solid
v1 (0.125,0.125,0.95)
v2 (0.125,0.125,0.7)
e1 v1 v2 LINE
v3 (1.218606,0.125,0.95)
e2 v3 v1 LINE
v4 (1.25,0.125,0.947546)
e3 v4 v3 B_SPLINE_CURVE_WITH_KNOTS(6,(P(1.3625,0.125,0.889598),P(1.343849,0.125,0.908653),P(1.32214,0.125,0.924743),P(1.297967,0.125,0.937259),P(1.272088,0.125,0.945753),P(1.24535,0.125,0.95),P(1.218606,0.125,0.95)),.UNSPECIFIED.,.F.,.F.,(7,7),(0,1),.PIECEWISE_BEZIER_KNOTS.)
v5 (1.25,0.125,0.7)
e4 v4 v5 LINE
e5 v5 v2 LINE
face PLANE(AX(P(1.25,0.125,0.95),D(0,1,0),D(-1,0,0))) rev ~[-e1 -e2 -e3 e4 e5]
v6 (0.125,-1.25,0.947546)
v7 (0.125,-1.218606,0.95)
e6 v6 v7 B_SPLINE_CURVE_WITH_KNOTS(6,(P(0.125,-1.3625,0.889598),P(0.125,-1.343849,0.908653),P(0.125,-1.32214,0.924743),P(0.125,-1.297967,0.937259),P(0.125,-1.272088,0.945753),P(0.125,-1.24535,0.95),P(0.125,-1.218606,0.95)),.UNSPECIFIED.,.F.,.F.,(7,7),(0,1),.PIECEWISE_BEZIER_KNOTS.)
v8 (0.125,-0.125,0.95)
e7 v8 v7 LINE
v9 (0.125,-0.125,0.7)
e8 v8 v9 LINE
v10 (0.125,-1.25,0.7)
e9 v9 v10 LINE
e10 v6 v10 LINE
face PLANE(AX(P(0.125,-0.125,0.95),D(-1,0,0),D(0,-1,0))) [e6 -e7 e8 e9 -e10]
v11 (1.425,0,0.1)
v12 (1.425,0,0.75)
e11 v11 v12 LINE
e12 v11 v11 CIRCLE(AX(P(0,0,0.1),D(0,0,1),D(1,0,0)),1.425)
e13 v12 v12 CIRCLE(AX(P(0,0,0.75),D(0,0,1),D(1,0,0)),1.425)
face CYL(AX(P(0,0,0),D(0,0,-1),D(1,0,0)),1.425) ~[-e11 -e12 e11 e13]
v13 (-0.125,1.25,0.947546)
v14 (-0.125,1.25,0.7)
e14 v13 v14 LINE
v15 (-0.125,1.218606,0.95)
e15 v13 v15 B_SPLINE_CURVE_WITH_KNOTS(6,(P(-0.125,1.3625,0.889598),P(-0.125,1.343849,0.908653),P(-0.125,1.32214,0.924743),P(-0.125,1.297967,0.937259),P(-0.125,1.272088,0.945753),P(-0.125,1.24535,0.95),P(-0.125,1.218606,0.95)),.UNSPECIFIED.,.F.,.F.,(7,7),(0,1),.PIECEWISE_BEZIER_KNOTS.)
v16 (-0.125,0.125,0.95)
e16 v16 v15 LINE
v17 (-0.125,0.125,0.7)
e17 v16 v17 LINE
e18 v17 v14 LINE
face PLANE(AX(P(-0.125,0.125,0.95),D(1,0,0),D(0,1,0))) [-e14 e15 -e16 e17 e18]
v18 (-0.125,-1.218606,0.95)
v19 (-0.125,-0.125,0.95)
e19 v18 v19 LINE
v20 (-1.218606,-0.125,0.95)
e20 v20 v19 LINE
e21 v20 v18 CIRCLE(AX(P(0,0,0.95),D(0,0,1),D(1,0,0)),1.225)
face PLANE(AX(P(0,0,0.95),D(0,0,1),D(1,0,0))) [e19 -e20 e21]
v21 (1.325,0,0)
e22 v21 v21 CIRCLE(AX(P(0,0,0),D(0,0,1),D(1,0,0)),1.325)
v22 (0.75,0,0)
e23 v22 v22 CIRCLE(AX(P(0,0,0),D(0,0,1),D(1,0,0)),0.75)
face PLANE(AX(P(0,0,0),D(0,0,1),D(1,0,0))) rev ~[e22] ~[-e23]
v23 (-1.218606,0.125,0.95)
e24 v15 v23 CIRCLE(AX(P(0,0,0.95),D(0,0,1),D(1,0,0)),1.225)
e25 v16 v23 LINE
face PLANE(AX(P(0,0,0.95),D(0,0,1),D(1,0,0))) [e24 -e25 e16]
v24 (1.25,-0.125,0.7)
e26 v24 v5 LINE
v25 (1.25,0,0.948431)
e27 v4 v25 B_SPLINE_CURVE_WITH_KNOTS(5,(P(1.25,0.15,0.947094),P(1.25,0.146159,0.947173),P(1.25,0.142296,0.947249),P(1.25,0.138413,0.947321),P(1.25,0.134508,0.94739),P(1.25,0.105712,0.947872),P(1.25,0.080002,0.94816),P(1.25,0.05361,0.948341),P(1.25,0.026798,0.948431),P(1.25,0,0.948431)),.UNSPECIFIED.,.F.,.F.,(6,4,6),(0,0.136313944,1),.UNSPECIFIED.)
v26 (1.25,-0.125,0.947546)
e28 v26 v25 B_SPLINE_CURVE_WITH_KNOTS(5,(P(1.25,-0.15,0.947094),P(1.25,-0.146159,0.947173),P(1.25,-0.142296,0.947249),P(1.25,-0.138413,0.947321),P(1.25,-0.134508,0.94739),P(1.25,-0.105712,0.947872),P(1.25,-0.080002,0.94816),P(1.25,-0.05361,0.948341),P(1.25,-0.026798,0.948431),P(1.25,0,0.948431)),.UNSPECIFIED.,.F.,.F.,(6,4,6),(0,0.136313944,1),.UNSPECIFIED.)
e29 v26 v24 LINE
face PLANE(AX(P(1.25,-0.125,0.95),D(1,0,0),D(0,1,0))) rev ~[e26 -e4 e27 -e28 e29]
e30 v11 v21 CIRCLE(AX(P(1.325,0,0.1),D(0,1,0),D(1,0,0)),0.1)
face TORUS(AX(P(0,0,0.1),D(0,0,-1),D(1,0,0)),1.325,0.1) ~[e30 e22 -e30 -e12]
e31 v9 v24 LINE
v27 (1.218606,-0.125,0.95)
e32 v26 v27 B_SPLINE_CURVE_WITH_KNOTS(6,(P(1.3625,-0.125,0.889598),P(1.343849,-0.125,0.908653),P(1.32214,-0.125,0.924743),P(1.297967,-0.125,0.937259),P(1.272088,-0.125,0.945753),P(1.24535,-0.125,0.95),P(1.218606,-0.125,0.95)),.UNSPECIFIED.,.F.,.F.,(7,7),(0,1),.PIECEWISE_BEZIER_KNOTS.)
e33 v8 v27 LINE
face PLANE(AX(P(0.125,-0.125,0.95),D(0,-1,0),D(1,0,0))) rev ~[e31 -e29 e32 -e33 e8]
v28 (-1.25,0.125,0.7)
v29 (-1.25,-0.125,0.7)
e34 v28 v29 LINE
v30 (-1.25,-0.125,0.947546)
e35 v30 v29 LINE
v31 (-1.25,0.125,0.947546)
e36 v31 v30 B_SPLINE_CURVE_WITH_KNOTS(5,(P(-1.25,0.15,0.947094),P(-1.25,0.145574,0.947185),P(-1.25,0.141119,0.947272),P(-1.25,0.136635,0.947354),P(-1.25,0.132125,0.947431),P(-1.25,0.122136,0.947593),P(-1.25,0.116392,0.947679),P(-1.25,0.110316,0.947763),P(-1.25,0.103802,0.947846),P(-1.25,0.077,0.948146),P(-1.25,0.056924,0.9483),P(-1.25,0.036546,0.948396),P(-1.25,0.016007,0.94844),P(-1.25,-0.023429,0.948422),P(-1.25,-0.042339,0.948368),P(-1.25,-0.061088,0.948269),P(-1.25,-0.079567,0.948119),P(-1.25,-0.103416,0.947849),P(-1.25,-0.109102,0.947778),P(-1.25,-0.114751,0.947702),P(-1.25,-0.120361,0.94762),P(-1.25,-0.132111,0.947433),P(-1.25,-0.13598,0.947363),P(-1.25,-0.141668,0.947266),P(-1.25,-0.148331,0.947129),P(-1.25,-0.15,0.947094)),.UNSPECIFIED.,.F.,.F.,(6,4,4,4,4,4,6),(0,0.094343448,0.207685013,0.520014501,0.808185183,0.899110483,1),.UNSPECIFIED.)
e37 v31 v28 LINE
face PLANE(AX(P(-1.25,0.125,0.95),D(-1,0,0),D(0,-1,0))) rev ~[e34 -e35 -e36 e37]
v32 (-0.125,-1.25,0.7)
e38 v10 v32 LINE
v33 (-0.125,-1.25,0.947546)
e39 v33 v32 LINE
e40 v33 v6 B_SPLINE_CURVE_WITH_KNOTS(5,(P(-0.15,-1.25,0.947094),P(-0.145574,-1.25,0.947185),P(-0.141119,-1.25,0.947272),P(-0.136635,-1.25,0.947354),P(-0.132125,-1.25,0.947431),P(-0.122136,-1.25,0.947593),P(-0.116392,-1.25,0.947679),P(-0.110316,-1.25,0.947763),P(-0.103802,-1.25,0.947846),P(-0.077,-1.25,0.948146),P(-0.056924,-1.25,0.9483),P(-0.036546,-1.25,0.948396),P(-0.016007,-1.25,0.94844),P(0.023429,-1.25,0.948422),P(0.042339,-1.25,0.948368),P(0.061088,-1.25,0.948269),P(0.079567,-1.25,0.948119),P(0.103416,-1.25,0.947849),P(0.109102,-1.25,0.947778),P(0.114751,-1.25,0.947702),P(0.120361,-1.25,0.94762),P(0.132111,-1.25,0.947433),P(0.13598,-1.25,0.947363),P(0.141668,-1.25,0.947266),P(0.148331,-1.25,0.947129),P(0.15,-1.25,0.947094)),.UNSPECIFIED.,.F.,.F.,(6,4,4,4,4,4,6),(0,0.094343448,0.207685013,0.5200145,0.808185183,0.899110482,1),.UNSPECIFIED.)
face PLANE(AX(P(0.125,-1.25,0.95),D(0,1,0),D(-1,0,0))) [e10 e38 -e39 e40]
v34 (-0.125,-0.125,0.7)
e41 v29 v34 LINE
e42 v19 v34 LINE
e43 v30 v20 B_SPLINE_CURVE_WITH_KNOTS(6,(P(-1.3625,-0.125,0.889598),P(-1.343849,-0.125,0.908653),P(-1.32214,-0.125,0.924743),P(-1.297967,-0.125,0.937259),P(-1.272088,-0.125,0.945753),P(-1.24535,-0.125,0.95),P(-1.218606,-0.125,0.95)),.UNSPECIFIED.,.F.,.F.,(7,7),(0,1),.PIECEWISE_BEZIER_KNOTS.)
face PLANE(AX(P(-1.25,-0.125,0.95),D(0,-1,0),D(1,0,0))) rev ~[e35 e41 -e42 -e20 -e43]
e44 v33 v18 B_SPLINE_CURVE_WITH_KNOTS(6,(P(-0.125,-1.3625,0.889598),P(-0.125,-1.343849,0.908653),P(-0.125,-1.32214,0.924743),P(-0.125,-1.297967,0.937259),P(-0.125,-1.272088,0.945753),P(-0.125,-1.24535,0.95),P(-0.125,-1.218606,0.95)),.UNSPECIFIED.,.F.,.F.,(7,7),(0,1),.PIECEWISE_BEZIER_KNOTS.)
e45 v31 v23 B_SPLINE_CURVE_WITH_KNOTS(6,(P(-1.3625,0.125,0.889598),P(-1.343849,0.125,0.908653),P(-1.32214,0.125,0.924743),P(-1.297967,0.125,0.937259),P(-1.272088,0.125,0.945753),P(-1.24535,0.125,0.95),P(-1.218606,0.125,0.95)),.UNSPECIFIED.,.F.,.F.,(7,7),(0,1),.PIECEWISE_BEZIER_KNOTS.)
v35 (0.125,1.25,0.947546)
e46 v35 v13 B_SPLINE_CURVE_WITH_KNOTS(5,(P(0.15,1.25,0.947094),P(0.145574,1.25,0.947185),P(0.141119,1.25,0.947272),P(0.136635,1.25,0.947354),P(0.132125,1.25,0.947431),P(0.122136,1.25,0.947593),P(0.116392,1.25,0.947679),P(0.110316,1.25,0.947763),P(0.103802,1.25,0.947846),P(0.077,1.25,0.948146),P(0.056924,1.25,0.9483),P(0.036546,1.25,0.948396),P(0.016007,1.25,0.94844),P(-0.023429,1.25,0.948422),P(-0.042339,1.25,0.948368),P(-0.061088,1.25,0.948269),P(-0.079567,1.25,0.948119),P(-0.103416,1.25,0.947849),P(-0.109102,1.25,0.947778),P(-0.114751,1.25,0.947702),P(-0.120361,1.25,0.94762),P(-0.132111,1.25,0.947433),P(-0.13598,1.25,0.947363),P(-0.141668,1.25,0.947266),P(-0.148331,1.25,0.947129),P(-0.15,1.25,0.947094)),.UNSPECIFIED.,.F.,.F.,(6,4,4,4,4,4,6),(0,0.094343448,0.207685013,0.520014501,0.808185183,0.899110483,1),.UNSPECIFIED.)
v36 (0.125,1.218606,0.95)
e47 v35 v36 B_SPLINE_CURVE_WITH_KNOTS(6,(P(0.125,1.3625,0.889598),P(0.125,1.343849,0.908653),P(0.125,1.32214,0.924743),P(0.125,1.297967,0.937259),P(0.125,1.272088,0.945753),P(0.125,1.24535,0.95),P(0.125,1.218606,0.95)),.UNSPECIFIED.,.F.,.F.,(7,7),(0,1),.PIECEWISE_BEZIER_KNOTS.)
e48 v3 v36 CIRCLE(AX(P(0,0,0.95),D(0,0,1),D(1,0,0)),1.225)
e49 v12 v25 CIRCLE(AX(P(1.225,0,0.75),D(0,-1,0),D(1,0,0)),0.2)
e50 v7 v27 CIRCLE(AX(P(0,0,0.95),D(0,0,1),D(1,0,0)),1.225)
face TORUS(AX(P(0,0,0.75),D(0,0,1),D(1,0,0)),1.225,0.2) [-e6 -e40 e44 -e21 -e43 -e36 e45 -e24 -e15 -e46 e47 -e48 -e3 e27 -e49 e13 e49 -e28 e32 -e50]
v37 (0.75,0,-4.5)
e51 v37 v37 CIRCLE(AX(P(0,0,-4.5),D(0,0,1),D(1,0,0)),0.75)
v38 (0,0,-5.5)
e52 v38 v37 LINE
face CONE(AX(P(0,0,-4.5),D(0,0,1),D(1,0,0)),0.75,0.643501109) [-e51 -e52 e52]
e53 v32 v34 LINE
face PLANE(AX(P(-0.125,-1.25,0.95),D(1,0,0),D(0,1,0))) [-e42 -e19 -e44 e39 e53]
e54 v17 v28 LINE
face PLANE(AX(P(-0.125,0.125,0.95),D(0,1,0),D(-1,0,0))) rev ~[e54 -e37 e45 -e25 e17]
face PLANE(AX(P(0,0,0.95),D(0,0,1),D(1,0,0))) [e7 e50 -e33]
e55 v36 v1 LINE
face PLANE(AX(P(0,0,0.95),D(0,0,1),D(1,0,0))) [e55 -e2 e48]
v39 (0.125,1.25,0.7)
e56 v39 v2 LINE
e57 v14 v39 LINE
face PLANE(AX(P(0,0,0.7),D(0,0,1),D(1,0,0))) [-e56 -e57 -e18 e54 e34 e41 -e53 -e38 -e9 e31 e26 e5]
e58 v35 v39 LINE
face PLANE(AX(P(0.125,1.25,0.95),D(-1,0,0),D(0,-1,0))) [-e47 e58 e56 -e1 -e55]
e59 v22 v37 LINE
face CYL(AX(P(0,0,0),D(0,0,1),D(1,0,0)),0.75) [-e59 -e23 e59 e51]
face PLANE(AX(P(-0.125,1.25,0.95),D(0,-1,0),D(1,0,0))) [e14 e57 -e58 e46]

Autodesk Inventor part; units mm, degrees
ref_plane "YZ Plane" through (0, 0, 0) normal (1, 0, 0) x (0, 1, 0)
ref_plane "XZ Plane" through (0, 0, 0) normal (0, 1, 0) x (-1, 0, 0)
ref_plane "XY Plane" through (0, 0, 0) normal (0, 0, 1) x (1, 0, 0)
sketch "Sketch1" plane through (0, 0, 0) normal (0, 0, 1) x (1, 0, 0)
  circle A0 centre (0, 0) radius 0.75
  dimension "d0" = 1.5
extrude "Extrusion1" add sketch "Sketch1" against normal blind 5.5
sketch "Sketch2" plane through (0, 0, 0) normal (0, 0, 1) x (1, 0, 0)
  circle A0 centre (0, 0) radius 1.425
  dimension "d3" = 2.85
extrude "Extrusion2" add sketch "Sketch2" along normal blind 0.95
chamfer "Chamfer1" distance 0.75 distance2 1 1 edges at (-0.75, 0, -5.5) measured on face at (0.5185, -0.1278, -5.5)
fillet "Fillet1" radius 0.2 1 edges at (-1.425, 0, 0.95)
fillet "Fillet2" radius 0.1 1 edges at (-1.425, 0, 0)
sketch "Sketch3" plane through (0, 0, 0.95) normal (0, 0, 1) x (1, 0, 0)
  line L0 (1.25, 0.125) -> (-1.25, 0.125)
  line L1 (-1.25, 0.125) -> (-1.25, -0.125)
  line L2 (-1.25, -0.125) -> (1.25, -0.125)
  line L3 (1.25, -0.125) -> (1.25, 0.125)
  line L4 (1.25, 0.125) -> (-1.25, -0.125) construction
  line L5 (-1.25, 0.125) -> (1.25, -0.125) construction
  line L6 (0.125, -1.25) -> (-0.125, -1.25)
  line L7 (-0.125, -1.25) -> (-0.125, 1.25)
  line L8 (-0.125, 1.25) -> (0.125, 1.25)
  line L9 (0.125, 1.25) -> (0.125, -1.25)
  line L10 (0.125, -1.25) -> (-0.125, 1.25) construction
  line L11 (-0.125, -1.25) -> (0.125, 1.25) construction
  point P0 (0, 0)
  point P1 (0, 0)
  dimension "d11" = 2.5
  dimension "d12" = 0.25
  dimension "d13" = 0.25
  dimension "d14" = 2.5
extrude "Extrusion3" cut sketch "Sketch3" against normal blind 0.25
thread "Thread1" size "M1.7x0.35" class "6g" standard "ANSI Metric M Profile" full length
equation "\"d6\" = 0.5 * d0"
properties part number "M1.7_6mm self-tapping screw"
